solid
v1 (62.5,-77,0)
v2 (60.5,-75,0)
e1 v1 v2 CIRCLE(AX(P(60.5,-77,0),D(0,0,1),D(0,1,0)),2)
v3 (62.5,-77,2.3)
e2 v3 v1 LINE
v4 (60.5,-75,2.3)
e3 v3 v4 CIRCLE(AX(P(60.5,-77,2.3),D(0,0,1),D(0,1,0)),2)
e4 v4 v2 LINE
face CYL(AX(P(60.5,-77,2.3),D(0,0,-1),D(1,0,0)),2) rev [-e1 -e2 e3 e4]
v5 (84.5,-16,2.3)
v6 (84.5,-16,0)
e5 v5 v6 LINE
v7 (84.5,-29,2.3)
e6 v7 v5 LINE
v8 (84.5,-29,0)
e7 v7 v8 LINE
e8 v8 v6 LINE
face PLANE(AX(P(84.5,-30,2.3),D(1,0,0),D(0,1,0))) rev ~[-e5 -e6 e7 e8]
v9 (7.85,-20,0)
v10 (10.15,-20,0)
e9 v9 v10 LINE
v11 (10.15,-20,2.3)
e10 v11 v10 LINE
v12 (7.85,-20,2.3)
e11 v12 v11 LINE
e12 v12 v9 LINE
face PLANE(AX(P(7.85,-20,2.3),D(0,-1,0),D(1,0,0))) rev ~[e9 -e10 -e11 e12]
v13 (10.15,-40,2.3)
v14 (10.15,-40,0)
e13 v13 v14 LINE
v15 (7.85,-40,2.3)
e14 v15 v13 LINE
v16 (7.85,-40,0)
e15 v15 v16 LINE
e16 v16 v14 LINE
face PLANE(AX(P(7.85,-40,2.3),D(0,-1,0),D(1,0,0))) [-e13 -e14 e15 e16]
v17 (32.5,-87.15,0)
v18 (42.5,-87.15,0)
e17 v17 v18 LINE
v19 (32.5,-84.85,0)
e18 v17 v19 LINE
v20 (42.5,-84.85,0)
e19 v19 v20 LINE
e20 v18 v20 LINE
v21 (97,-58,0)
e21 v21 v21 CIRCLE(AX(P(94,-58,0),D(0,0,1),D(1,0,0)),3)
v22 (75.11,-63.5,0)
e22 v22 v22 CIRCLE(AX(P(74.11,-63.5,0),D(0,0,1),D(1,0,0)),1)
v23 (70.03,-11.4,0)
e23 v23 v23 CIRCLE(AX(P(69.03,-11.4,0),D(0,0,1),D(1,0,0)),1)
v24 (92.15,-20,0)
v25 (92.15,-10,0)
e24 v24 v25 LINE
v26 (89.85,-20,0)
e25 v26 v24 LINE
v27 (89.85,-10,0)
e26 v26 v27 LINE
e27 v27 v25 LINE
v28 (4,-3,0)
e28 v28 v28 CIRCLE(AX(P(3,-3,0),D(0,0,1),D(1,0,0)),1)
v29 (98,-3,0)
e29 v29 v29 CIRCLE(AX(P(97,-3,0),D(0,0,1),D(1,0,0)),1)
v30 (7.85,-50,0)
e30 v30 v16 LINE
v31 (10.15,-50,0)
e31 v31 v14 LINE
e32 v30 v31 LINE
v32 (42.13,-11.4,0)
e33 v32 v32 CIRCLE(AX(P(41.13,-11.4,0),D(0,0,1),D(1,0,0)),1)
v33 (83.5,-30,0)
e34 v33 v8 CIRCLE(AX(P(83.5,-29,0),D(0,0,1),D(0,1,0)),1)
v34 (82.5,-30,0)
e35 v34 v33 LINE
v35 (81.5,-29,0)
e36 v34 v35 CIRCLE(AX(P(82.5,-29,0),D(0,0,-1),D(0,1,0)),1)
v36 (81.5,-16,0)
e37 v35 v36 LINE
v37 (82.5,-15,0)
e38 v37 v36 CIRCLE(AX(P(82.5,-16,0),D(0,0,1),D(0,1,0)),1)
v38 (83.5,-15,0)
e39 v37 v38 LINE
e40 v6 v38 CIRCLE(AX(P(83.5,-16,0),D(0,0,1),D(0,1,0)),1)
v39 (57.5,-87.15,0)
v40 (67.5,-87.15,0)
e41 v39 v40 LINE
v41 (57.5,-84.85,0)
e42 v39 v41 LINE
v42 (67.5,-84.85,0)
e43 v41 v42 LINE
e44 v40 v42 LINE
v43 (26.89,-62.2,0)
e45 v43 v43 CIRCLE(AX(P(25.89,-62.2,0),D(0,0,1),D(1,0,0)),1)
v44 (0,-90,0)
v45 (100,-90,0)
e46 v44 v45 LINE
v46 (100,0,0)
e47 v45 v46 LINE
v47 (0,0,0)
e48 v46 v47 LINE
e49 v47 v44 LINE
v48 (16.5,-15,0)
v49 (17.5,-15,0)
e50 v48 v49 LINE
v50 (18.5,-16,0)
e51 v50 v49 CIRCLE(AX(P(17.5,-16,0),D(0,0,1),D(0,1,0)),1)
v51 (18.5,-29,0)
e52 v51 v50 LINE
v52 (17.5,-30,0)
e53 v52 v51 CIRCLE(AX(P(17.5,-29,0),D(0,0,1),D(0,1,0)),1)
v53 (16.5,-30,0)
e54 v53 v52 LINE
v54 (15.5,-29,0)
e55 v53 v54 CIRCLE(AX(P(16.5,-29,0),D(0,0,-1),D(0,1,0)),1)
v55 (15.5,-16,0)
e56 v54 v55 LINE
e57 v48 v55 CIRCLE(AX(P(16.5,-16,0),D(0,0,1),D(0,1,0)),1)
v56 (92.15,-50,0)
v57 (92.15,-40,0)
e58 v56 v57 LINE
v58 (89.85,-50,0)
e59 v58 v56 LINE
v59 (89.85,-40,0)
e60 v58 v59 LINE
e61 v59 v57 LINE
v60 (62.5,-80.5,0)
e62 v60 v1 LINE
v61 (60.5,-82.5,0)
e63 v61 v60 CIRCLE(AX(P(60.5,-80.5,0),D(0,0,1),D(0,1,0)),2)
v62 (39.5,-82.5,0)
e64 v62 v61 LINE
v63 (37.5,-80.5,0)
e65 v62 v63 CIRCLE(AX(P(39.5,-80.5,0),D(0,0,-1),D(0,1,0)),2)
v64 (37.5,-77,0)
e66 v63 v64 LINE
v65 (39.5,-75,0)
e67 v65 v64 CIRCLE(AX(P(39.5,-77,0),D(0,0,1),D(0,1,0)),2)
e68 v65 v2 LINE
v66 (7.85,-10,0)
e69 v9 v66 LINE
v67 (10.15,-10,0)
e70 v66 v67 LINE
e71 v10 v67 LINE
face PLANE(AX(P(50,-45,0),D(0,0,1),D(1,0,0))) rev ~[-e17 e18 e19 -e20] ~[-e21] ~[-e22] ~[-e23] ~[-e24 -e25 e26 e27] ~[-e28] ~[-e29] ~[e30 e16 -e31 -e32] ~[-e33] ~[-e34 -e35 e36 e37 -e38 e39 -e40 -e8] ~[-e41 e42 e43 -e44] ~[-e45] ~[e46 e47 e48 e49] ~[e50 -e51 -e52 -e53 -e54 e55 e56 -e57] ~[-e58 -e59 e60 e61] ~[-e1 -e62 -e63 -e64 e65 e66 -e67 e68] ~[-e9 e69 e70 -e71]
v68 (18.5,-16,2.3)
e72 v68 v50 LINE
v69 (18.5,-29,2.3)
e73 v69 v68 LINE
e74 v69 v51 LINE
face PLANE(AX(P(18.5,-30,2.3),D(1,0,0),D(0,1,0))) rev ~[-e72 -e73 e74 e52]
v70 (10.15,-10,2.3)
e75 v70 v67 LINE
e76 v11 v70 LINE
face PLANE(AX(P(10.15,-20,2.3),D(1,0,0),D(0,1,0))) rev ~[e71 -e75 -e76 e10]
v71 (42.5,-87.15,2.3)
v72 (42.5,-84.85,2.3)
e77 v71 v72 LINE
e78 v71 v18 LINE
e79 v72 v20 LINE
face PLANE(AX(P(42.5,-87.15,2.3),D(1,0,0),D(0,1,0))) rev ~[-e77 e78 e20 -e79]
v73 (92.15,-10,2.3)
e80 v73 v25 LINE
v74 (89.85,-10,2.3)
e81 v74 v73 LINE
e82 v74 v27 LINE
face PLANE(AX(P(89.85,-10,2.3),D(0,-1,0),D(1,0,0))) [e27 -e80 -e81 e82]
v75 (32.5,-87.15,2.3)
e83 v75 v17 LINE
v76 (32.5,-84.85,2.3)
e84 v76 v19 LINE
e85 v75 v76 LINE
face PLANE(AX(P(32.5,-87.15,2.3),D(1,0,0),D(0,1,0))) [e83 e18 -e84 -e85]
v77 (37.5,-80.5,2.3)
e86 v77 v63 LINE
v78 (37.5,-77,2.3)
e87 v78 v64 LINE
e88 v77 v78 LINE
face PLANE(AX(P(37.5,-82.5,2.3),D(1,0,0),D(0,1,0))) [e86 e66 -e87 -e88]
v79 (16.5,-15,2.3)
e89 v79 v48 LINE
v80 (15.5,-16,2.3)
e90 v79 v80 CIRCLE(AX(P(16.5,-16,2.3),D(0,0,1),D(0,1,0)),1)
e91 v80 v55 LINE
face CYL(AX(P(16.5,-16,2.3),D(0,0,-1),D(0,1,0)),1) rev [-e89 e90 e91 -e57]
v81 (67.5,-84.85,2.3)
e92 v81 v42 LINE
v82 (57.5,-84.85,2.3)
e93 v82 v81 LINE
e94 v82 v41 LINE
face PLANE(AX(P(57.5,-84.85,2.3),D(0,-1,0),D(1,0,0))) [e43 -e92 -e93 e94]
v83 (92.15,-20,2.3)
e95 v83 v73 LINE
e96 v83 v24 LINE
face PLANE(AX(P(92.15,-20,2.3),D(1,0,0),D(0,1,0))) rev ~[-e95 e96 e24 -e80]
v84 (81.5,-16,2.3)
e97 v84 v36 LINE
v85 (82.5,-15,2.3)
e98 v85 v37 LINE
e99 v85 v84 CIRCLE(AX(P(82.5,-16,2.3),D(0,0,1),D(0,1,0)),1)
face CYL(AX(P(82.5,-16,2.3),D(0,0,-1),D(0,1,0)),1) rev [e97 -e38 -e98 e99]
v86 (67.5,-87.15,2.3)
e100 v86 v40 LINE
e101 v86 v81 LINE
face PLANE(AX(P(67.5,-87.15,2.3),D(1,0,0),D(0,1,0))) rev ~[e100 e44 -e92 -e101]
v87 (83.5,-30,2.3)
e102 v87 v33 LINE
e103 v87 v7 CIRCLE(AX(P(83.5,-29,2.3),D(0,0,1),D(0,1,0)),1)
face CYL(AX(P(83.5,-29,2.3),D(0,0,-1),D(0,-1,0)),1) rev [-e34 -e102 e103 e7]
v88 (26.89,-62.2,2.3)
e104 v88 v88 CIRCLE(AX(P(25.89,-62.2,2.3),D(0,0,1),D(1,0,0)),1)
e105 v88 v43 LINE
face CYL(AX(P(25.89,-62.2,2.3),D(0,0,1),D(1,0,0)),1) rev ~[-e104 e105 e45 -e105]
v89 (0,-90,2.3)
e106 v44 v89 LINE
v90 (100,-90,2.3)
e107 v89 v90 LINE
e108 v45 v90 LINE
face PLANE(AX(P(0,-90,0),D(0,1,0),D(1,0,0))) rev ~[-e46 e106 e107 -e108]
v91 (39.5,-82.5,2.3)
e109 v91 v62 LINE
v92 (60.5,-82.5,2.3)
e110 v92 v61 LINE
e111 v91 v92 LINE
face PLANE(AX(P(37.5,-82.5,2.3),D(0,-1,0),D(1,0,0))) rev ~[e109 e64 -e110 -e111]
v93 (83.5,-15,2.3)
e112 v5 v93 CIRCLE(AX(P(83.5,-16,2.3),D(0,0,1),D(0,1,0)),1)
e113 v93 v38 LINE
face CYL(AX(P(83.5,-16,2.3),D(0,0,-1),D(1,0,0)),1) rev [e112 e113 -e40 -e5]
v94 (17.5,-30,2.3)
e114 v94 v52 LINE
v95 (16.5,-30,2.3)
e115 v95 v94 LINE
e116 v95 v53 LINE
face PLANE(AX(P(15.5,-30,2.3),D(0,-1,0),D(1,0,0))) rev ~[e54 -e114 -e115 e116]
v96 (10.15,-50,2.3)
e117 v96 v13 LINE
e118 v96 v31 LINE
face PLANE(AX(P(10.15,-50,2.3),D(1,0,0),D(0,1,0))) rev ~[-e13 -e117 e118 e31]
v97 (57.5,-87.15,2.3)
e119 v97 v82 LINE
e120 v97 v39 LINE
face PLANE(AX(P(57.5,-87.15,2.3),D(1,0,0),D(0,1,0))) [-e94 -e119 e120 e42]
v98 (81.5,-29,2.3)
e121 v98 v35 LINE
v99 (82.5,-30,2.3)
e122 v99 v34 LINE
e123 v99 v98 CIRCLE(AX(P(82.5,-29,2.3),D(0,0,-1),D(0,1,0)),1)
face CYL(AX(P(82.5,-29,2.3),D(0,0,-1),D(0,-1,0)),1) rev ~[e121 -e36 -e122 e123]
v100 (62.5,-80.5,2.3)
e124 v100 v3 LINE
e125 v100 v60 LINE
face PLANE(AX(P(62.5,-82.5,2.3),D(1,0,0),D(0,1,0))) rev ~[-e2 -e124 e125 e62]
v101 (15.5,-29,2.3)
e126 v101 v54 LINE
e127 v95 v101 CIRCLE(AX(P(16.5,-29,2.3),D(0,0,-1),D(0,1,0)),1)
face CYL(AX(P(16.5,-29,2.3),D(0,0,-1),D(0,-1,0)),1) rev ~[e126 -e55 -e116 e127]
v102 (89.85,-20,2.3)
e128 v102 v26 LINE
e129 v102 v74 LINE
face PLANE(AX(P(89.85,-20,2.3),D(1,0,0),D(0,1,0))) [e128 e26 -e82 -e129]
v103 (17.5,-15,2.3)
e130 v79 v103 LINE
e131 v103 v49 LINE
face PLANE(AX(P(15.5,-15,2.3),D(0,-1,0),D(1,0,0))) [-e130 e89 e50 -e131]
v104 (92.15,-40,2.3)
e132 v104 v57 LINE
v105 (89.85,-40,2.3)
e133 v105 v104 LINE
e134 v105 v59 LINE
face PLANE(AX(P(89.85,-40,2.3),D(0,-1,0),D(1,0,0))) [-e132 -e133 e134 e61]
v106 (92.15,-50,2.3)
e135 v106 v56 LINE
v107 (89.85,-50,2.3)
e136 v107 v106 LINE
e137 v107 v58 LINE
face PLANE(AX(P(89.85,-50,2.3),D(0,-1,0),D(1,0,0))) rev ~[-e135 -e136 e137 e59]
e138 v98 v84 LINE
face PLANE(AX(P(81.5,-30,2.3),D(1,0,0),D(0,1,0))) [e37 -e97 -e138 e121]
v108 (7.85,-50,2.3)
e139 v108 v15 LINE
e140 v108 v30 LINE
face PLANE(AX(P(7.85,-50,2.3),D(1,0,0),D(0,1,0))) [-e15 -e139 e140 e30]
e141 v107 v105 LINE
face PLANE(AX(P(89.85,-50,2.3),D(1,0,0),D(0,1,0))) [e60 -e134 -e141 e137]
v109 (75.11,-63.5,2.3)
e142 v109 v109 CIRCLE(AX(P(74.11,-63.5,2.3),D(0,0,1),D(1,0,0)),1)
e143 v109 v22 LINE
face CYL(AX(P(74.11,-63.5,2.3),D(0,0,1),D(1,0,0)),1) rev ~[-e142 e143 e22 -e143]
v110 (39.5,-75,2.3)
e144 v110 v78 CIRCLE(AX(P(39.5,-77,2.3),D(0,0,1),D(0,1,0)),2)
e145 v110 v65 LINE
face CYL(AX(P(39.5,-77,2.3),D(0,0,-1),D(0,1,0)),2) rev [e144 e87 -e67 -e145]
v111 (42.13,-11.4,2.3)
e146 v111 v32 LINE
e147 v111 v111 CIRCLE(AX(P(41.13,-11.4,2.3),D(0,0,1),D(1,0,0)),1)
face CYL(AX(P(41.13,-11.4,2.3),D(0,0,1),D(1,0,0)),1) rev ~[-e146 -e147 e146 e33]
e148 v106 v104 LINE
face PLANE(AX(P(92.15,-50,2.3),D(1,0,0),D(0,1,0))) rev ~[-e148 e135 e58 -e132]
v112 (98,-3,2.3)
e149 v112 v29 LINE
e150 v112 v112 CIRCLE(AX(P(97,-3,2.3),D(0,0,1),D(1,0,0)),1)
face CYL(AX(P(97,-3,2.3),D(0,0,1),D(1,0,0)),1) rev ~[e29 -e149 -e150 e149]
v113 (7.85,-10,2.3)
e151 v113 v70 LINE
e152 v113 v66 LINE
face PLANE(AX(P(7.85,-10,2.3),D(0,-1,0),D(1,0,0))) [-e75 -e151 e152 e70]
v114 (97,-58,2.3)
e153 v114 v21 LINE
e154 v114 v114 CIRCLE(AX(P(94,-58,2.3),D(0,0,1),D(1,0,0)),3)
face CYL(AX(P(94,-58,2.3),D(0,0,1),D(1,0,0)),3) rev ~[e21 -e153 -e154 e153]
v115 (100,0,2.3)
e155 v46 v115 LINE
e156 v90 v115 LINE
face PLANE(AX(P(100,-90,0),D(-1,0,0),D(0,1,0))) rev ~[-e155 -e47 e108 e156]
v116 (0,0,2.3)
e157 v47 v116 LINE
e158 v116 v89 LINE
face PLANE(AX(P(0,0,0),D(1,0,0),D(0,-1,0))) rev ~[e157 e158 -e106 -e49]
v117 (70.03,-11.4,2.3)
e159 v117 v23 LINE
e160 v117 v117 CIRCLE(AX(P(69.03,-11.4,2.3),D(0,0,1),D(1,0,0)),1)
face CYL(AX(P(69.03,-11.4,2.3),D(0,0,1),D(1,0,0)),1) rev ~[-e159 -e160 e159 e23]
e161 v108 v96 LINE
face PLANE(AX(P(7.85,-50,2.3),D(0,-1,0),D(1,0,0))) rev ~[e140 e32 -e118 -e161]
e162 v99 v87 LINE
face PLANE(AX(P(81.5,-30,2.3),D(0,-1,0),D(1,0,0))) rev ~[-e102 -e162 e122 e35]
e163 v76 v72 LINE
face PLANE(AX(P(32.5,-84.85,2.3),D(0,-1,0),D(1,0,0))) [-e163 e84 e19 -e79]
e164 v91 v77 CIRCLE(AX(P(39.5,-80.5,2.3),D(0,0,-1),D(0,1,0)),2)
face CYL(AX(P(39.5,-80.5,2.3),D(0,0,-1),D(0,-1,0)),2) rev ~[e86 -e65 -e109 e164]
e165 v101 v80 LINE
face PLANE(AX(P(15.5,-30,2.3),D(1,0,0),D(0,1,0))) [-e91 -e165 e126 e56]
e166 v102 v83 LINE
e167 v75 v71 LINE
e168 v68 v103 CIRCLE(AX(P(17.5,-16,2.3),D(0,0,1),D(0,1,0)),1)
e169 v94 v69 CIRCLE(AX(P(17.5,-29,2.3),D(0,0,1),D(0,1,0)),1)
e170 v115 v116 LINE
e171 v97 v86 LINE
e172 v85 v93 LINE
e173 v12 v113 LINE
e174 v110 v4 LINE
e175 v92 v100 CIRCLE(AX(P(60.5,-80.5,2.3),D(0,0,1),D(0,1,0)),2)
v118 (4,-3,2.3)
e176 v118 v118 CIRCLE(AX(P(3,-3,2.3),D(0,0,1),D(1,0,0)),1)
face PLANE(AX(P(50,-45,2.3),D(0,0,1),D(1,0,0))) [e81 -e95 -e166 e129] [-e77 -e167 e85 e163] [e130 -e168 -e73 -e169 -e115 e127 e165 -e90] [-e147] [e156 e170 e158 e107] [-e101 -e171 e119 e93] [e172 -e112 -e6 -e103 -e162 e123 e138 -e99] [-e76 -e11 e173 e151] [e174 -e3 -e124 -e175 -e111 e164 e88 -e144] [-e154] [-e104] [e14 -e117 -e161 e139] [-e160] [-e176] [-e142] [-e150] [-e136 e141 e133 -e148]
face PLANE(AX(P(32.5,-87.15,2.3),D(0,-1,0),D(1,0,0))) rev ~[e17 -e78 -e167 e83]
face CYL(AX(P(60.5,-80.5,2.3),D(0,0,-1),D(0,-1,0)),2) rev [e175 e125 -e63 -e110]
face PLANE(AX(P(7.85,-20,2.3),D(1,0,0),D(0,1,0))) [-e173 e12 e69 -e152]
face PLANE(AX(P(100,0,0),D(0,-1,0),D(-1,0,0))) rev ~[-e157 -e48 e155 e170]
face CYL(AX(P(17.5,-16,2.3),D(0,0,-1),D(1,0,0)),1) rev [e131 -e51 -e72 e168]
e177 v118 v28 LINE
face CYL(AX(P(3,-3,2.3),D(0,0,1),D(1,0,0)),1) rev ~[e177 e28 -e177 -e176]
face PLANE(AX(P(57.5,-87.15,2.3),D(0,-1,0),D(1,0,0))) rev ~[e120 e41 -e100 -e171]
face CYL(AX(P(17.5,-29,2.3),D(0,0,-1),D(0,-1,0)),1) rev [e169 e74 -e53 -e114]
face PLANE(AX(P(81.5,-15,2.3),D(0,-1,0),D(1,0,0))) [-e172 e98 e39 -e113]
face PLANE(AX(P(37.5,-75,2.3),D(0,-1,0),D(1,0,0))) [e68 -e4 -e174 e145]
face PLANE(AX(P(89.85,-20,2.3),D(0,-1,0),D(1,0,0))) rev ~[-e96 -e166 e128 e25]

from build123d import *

# Parameters (mm, degrees)
BOSS_EXTRUDE1_DEPTH = 2.3
SKETCH7_W           = 2.3
SKETCH7_H           = 10
SKETCH7_W_2         = 10
SKETCH7_H_2         = 2.3
CUT_EXTRUDE2_DEPTH  = 3.3
SKETCH9_R           = 1
CUT_EXTRUDE4_DEPTH  = 3.3
SKETCH10_W          = 3
SKETCH10_H          = 15
SKETCH10_W_2        = 25
SKETCH10_H_2        = 7.5
CUT_EXTRUDE5_DEPTH  = 3.3
FILLET2_R           = 1
FILLET3_R           = 2
SKETCH11_R          = 3
CUT_EXTRUDE6_DEPTH  = 10


with BuildPart() as part:
    # Sketch1 → Boss-Extrude1 (new body)
    with BuildSketch(Plane.XY):
        Polygon((0, -57), (0, -90), (23, -90), (77, -90), (100, -90), (100, -57), (100, 0), (0, 0), align=None)
    extrude(amount=BOSS_EXTRUDE1_DEPTH)

    # Sketch7 → Cut-Extrude2 (cut, through all)
    with BuildSketch(Plane.XY.offset(2.3)):
        with Locations((91, -15)):
            Rectangle(SKETCH7_W, SKETCH7_H)
        with Locations((91, -45)):
            Rectangle(SKETCH7_W, SKETCH7_H)
        with Locations((9, -15)):
            Rectangle(SKETCH7_W, SKETCH7_H)
        with Locations((9, -45)):
            Rectangle(SKETCH7_W, SKETCH7_H)
        with Locations((37.5, -86)):
            Rectangle(SKETCH7_W_2, SKETCH7_H_2)
        with Locations((62.5, -86)):
            Rectangle(SKETCH7_W_2, SKETCH7_H_2)
    extrude(amount=-CUT_EXTRUDE2_DEPTH, mode=Mode.SUBTRACT)

    # Sketch9 → Cut-Extrude4 (cut, through all)
    with BuildSketch(Plane.XY.offset(2.3)):
        with Locations((3, -3)):
            Circle(SKETCH9_R)
        with Locations((97, -3)):
            Circle(SKETCH9_R)
        with Locations((41.13, -11.4)):
            Circle(SKETCH9_R)
        with Locations((69.03, -11.4)):
            Circle(SKETCH9_R)
        with Locations((25.89, -62.2)):
            Circle(SKETCH9_R)
        with Locations((74.11, -63.5)):
            Circle(SKETCH9_R)
    extrude(amount=-CUT_EXTRUDE4_DEPTH, mode=Mode.SUBTRACT)

    # Sketch10 → Cut-Extrude5 (cut, through all)
    with BuildSketch(Plane.XY.offset(2.3)):
        with Locations((17, -22.5)):
            Rectangle(SKETCH10_W, SKETCH10_H)
        with Locations((83, -22.5)):
            Rectangle(SKETCH10_W, SKETCH10_H)
        with Locations((50, -78.75)):
            Rectangle(SKETCH10_W_2, SKETCH10_H_2)
    extrude(amount=-CUT_EXTRUDE5_DEPTH, mode=Mode.SUBTRACT)

    # Fillet2
    fillet2_edges = [part.edges().sort_by_distance(p)[0] for p in [
        (15.5, -30, 1.15),
        (15.5, -15, 1.15),
        (18.5, -15, 1.15),
        (18.5, -30, 1.15),
        (81.5, -30, 1.15),
        (81.5, -15, 1.15),
        (84.5, -15, 1.15),
        (84.5, -30, 1.15),
    ]]
    fillet(fillet2_edges, radius=FILLET2_R)

    # Fillet3
    fillet3_edges = [part.edges().sort_by_distance(p)[0] for p in [
        (37.5, -82.5, 1.15),
        (37.5, -75, 1.15),
        (62.5, -75, 1.15),
        (62.5, -82.5, 1.15),
    ]]
    fillet(fillet3_edges, radius=FILLET3_R)

    # Sketch11 → Cut-Extrude6 (cut)
    with BuildSketch(Plane.XY.offset(2.3)):
        with Locations((94, -58)):
            Circle(SKETCH11_R)
    extrude(amount=-CUT_EXTRUDE6_DEPTH, mode=Mode.SUBTRACT)


solid = part.part
